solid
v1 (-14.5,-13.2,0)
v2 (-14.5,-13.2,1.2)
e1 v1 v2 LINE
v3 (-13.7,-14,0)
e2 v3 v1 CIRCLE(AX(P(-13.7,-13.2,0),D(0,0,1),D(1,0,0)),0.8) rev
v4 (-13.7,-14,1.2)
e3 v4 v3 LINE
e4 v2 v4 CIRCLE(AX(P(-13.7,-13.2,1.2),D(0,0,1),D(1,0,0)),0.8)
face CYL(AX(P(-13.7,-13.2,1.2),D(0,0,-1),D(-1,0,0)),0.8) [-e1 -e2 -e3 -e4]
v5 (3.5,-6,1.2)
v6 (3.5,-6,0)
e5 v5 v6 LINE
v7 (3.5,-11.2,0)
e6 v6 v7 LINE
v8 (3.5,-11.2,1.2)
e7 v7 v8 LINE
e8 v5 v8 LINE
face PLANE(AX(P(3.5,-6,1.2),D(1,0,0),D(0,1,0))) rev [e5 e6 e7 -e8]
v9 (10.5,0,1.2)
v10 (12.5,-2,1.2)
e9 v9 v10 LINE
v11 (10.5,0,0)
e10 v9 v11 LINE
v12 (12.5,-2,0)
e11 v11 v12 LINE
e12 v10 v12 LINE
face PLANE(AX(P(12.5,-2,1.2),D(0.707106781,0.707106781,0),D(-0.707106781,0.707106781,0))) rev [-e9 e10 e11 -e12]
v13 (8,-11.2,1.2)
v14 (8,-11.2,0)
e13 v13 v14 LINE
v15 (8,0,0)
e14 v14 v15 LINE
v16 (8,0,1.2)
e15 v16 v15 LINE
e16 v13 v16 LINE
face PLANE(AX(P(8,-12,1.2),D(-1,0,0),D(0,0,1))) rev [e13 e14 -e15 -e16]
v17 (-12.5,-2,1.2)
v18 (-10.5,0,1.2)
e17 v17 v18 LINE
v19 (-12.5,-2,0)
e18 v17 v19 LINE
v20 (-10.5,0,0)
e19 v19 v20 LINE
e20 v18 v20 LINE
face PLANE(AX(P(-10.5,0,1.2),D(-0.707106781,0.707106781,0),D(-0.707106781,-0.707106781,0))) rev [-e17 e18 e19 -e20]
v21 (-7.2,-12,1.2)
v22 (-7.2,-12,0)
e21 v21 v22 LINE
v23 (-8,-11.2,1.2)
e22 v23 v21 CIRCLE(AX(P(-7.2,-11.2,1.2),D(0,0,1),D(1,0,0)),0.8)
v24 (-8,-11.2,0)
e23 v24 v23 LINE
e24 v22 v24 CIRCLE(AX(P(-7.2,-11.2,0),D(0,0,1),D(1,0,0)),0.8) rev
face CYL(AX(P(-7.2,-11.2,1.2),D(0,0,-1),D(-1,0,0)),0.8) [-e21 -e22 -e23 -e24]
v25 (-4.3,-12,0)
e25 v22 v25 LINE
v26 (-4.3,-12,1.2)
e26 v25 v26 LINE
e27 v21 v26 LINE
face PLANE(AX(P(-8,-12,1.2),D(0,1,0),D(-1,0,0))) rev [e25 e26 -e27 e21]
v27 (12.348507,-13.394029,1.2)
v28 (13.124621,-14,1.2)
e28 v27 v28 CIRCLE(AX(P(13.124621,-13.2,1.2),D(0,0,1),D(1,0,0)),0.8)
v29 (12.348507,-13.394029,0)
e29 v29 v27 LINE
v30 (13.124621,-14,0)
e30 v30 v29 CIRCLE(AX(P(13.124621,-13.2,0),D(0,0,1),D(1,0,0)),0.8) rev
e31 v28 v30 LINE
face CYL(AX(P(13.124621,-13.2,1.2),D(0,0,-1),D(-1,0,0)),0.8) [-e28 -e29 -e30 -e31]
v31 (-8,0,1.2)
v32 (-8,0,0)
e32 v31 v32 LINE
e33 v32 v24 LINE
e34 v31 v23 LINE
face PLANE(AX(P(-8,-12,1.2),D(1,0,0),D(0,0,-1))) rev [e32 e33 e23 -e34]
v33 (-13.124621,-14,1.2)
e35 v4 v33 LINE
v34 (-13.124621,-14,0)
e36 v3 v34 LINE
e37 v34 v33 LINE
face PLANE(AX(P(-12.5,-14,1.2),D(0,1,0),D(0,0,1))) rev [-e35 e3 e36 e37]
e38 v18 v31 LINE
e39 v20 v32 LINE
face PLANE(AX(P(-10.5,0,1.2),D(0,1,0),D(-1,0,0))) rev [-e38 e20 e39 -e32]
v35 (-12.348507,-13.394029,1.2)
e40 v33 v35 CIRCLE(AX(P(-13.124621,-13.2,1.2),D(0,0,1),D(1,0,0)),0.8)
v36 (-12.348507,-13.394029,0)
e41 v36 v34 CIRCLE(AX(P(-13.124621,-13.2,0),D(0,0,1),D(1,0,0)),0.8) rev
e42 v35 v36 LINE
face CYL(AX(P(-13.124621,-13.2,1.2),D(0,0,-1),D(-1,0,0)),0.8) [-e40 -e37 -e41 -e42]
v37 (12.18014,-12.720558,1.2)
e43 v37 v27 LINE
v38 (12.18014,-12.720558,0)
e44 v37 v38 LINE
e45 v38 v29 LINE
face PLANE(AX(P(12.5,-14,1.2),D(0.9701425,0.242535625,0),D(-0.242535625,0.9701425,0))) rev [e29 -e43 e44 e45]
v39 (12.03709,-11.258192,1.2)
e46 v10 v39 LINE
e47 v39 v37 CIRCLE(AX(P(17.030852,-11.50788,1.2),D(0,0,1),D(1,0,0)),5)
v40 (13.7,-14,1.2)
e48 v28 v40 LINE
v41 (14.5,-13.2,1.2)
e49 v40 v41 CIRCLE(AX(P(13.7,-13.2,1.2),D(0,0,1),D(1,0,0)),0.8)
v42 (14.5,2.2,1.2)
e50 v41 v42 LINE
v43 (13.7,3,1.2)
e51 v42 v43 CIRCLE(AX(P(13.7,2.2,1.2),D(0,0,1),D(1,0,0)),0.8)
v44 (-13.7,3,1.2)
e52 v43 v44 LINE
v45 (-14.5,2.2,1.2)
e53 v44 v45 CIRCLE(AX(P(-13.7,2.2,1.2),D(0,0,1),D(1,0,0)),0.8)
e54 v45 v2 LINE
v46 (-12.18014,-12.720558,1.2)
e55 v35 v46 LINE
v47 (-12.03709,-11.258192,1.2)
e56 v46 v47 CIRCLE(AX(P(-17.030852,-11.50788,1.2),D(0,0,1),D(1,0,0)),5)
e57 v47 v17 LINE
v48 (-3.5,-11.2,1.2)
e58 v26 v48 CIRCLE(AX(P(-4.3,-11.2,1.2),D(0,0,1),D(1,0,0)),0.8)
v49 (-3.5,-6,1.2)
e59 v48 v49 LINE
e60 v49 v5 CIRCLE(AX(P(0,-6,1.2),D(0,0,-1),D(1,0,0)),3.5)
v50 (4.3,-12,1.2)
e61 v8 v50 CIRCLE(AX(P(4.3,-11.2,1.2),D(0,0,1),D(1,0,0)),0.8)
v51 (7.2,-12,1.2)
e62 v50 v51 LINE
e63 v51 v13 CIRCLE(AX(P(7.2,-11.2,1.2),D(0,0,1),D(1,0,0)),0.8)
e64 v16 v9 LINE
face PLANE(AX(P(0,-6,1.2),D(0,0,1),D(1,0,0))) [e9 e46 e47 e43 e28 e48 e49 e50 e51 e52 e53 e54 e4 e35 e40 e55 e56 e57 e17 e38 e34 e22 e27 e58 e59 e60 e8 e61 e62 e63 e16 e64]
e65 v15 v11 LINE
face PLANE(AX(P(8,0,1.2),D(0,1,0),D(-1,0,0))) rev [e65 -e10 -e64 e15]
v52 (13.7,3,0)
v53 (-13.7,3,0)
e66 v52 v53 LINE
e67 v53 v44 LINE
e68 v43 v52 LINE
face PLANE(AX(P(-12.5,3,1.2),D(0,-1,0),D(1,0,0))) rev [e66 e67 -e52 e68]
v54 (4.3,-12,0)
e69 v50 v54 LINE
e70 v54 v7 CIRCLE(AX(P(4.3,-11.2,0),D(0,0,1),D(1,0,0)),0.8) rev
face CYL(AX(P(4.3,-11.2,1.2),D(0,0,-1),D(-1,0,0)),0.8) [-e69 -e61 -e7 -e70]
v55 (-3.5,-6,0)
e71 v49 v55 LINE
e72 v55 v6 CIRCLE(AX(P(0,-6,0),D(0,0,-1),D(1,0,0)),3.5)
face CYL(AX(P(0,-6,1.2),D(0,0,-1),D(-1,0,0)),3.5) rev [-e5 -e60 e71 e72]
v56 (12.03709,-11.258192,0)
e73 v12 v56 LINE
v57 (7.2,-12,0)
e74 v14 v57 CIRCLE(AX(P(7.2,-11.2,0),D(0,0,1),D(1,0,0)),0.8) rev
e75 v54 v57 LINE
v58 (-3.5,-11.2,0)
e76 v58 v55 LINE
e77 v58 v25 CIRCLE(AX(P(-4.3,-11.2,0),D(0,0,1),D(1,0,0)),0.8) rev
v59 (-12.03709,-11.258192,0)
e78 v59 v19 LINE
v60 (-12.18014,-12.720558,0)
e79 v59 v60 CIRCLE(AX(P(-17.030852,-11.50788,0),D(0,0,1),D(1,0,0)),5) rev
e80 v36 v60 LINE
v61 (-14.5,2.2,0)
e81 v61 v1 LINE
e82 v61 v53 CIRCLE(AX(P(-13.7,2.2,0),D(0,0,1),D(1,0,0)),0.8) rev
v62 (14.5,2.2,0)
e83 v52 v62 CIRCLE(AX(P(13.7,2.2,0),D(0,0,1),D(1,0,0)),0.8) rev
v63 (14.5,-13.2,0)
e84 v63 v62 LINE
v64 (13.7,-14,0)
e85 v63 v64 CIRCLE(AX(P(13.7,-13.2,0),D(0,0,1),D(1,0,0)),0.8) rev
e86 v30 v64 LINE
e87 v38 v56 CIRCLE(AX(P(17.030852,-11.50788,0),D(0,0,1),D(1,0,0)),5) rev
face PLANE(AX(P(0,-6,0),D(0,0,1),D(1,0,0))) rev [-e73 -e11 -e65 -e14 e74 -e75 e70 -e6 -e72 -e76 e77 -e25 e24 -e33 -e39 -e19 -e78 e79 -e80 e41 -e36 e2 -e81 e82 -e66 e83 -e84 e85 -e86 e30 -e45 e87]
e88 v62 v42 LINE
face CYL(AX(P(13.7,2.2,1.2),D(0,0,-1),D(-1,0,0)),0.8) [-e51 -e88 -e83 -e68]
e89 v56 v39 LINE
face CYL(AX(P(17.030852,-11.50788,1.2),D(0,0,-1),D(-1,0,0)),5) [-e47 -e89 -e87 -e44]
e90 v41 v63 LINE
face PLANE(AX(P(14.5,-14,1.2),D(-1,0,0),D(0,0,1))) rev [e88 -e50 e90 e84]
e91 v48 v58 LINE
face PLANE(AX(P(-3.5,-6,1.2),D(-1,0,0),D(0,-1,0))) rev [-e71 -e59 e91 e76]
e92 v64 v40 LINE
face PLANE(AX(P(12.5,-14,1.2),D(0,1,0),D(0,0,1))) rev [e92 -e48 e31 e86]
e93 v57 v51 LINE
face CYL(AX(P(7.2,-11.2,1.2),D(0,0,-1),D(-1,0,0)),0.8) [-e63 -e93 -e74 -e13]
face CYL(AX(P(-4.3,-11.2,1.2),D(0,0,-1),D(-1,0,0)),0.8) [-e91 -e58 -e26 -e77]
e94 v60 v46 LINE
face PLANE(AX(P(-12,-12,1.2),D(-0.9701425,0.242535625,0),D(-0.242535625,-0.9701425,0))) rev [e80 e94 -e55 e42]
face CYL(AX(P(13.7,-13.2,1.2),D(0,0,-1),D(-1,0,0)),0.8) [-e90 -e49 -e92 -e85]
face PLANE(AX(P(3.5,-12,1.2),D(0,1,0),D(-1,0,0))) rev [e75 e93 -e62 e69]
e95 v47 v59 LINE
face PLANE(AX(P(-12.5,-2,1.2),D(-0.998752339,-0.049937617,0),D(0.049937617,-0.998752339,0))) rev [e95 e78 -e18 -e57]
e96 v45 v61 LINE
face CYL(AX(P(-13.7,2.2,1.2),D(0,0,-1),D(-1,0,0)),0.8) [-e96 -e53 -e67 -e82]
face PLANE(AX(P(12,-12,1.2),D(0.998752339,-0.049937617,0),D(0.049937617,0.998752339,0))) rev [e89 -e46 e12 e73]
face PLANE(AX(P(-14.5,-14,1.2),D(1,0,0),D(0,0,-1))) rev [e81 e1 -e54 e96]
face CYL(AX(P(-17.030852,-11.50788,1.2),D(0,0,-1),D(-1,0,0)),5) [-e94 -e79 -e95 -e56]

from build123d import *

# Parameters (mm, degrees)
BOSS_EXTRUDE1_DEPTH = 1.2
FILLET1_R           = 5
FILLET2_R           = 0.8


with BuildPart() as part:
    # Sketch1 → Boss-Extrude1 (new body)
    with BuildSketch(Plane.XY):
        with BuildLine():
            Line((-10.5, 0), (-12.5, -2))
            Line((-12.5, -2), (-12, -12))
            Line((-12, -12), (-12.5, -14))
            Line((-12.5, -14), (-14.5, -14))
            Line((-14.5, -14), (-14.5, 3))
            Line((-14.5, 3), (-12.5, 3))
            Line((-12.5, 3), (12.5, 3))
            Line((12.5, 3), (14.5, 3))
            Line((14.5, 3), (14.5, -14))
            Line((14.5, -14), (12.5, -14))
            Line((12.5, -14), (12, -12))
            Line((12, -12), (12.5, -2))
            Line((12.5, -2), (10.5, 0))
            Line((10.5, 0), (8, 0))
            Line((8, 0), (8, -12))
            Line((8, -12), (3.5, -12))
            Line((3.5, -12), (3.5, -6))
            ThreePointArc((3.5, -6), (0, -2.5), (-3.5, -6))
            Line((-3.5, -6), (-3.5, -12))
            Line((-3.5, -12), (-8, -12))
            Line((-8, -12), (-8, 0))
            Line((-8, 0), (-10.5, 0))
        make_face()
    extrude(amount=BOSS_EXTRUDE1_DEPTH)

    # Fillet1
    fillet1_edges = [part.edges().sort_by_distance(p)[0] for p in [
        (-12, -12, 0.6),
        (12, -12, 0.6),
    ]]
    fillet(fillet1_edges, radius=FILLET1_R)

    # Fillet2
    fillet2_edges = [part.edges().sort_by_distance(p)[0] for p in [
        (-12.5, -14, 0.6),
        (-14.5, -14, 0.6),
        (-14.5, 3, 0.6),
        (14.5, 3, 0.6),
        (14.5, -14, 0.6),
        (12.5, -14, 0.6),
        (8, -12, 0.6),
        (3.5, -12, 0.6),
        (-3.5, -12, 0.6),
        (-8, -12, 0.6),
    ]]
    fillet(fillet2_edges, radius=FILLET2_R)


solid = part.part
